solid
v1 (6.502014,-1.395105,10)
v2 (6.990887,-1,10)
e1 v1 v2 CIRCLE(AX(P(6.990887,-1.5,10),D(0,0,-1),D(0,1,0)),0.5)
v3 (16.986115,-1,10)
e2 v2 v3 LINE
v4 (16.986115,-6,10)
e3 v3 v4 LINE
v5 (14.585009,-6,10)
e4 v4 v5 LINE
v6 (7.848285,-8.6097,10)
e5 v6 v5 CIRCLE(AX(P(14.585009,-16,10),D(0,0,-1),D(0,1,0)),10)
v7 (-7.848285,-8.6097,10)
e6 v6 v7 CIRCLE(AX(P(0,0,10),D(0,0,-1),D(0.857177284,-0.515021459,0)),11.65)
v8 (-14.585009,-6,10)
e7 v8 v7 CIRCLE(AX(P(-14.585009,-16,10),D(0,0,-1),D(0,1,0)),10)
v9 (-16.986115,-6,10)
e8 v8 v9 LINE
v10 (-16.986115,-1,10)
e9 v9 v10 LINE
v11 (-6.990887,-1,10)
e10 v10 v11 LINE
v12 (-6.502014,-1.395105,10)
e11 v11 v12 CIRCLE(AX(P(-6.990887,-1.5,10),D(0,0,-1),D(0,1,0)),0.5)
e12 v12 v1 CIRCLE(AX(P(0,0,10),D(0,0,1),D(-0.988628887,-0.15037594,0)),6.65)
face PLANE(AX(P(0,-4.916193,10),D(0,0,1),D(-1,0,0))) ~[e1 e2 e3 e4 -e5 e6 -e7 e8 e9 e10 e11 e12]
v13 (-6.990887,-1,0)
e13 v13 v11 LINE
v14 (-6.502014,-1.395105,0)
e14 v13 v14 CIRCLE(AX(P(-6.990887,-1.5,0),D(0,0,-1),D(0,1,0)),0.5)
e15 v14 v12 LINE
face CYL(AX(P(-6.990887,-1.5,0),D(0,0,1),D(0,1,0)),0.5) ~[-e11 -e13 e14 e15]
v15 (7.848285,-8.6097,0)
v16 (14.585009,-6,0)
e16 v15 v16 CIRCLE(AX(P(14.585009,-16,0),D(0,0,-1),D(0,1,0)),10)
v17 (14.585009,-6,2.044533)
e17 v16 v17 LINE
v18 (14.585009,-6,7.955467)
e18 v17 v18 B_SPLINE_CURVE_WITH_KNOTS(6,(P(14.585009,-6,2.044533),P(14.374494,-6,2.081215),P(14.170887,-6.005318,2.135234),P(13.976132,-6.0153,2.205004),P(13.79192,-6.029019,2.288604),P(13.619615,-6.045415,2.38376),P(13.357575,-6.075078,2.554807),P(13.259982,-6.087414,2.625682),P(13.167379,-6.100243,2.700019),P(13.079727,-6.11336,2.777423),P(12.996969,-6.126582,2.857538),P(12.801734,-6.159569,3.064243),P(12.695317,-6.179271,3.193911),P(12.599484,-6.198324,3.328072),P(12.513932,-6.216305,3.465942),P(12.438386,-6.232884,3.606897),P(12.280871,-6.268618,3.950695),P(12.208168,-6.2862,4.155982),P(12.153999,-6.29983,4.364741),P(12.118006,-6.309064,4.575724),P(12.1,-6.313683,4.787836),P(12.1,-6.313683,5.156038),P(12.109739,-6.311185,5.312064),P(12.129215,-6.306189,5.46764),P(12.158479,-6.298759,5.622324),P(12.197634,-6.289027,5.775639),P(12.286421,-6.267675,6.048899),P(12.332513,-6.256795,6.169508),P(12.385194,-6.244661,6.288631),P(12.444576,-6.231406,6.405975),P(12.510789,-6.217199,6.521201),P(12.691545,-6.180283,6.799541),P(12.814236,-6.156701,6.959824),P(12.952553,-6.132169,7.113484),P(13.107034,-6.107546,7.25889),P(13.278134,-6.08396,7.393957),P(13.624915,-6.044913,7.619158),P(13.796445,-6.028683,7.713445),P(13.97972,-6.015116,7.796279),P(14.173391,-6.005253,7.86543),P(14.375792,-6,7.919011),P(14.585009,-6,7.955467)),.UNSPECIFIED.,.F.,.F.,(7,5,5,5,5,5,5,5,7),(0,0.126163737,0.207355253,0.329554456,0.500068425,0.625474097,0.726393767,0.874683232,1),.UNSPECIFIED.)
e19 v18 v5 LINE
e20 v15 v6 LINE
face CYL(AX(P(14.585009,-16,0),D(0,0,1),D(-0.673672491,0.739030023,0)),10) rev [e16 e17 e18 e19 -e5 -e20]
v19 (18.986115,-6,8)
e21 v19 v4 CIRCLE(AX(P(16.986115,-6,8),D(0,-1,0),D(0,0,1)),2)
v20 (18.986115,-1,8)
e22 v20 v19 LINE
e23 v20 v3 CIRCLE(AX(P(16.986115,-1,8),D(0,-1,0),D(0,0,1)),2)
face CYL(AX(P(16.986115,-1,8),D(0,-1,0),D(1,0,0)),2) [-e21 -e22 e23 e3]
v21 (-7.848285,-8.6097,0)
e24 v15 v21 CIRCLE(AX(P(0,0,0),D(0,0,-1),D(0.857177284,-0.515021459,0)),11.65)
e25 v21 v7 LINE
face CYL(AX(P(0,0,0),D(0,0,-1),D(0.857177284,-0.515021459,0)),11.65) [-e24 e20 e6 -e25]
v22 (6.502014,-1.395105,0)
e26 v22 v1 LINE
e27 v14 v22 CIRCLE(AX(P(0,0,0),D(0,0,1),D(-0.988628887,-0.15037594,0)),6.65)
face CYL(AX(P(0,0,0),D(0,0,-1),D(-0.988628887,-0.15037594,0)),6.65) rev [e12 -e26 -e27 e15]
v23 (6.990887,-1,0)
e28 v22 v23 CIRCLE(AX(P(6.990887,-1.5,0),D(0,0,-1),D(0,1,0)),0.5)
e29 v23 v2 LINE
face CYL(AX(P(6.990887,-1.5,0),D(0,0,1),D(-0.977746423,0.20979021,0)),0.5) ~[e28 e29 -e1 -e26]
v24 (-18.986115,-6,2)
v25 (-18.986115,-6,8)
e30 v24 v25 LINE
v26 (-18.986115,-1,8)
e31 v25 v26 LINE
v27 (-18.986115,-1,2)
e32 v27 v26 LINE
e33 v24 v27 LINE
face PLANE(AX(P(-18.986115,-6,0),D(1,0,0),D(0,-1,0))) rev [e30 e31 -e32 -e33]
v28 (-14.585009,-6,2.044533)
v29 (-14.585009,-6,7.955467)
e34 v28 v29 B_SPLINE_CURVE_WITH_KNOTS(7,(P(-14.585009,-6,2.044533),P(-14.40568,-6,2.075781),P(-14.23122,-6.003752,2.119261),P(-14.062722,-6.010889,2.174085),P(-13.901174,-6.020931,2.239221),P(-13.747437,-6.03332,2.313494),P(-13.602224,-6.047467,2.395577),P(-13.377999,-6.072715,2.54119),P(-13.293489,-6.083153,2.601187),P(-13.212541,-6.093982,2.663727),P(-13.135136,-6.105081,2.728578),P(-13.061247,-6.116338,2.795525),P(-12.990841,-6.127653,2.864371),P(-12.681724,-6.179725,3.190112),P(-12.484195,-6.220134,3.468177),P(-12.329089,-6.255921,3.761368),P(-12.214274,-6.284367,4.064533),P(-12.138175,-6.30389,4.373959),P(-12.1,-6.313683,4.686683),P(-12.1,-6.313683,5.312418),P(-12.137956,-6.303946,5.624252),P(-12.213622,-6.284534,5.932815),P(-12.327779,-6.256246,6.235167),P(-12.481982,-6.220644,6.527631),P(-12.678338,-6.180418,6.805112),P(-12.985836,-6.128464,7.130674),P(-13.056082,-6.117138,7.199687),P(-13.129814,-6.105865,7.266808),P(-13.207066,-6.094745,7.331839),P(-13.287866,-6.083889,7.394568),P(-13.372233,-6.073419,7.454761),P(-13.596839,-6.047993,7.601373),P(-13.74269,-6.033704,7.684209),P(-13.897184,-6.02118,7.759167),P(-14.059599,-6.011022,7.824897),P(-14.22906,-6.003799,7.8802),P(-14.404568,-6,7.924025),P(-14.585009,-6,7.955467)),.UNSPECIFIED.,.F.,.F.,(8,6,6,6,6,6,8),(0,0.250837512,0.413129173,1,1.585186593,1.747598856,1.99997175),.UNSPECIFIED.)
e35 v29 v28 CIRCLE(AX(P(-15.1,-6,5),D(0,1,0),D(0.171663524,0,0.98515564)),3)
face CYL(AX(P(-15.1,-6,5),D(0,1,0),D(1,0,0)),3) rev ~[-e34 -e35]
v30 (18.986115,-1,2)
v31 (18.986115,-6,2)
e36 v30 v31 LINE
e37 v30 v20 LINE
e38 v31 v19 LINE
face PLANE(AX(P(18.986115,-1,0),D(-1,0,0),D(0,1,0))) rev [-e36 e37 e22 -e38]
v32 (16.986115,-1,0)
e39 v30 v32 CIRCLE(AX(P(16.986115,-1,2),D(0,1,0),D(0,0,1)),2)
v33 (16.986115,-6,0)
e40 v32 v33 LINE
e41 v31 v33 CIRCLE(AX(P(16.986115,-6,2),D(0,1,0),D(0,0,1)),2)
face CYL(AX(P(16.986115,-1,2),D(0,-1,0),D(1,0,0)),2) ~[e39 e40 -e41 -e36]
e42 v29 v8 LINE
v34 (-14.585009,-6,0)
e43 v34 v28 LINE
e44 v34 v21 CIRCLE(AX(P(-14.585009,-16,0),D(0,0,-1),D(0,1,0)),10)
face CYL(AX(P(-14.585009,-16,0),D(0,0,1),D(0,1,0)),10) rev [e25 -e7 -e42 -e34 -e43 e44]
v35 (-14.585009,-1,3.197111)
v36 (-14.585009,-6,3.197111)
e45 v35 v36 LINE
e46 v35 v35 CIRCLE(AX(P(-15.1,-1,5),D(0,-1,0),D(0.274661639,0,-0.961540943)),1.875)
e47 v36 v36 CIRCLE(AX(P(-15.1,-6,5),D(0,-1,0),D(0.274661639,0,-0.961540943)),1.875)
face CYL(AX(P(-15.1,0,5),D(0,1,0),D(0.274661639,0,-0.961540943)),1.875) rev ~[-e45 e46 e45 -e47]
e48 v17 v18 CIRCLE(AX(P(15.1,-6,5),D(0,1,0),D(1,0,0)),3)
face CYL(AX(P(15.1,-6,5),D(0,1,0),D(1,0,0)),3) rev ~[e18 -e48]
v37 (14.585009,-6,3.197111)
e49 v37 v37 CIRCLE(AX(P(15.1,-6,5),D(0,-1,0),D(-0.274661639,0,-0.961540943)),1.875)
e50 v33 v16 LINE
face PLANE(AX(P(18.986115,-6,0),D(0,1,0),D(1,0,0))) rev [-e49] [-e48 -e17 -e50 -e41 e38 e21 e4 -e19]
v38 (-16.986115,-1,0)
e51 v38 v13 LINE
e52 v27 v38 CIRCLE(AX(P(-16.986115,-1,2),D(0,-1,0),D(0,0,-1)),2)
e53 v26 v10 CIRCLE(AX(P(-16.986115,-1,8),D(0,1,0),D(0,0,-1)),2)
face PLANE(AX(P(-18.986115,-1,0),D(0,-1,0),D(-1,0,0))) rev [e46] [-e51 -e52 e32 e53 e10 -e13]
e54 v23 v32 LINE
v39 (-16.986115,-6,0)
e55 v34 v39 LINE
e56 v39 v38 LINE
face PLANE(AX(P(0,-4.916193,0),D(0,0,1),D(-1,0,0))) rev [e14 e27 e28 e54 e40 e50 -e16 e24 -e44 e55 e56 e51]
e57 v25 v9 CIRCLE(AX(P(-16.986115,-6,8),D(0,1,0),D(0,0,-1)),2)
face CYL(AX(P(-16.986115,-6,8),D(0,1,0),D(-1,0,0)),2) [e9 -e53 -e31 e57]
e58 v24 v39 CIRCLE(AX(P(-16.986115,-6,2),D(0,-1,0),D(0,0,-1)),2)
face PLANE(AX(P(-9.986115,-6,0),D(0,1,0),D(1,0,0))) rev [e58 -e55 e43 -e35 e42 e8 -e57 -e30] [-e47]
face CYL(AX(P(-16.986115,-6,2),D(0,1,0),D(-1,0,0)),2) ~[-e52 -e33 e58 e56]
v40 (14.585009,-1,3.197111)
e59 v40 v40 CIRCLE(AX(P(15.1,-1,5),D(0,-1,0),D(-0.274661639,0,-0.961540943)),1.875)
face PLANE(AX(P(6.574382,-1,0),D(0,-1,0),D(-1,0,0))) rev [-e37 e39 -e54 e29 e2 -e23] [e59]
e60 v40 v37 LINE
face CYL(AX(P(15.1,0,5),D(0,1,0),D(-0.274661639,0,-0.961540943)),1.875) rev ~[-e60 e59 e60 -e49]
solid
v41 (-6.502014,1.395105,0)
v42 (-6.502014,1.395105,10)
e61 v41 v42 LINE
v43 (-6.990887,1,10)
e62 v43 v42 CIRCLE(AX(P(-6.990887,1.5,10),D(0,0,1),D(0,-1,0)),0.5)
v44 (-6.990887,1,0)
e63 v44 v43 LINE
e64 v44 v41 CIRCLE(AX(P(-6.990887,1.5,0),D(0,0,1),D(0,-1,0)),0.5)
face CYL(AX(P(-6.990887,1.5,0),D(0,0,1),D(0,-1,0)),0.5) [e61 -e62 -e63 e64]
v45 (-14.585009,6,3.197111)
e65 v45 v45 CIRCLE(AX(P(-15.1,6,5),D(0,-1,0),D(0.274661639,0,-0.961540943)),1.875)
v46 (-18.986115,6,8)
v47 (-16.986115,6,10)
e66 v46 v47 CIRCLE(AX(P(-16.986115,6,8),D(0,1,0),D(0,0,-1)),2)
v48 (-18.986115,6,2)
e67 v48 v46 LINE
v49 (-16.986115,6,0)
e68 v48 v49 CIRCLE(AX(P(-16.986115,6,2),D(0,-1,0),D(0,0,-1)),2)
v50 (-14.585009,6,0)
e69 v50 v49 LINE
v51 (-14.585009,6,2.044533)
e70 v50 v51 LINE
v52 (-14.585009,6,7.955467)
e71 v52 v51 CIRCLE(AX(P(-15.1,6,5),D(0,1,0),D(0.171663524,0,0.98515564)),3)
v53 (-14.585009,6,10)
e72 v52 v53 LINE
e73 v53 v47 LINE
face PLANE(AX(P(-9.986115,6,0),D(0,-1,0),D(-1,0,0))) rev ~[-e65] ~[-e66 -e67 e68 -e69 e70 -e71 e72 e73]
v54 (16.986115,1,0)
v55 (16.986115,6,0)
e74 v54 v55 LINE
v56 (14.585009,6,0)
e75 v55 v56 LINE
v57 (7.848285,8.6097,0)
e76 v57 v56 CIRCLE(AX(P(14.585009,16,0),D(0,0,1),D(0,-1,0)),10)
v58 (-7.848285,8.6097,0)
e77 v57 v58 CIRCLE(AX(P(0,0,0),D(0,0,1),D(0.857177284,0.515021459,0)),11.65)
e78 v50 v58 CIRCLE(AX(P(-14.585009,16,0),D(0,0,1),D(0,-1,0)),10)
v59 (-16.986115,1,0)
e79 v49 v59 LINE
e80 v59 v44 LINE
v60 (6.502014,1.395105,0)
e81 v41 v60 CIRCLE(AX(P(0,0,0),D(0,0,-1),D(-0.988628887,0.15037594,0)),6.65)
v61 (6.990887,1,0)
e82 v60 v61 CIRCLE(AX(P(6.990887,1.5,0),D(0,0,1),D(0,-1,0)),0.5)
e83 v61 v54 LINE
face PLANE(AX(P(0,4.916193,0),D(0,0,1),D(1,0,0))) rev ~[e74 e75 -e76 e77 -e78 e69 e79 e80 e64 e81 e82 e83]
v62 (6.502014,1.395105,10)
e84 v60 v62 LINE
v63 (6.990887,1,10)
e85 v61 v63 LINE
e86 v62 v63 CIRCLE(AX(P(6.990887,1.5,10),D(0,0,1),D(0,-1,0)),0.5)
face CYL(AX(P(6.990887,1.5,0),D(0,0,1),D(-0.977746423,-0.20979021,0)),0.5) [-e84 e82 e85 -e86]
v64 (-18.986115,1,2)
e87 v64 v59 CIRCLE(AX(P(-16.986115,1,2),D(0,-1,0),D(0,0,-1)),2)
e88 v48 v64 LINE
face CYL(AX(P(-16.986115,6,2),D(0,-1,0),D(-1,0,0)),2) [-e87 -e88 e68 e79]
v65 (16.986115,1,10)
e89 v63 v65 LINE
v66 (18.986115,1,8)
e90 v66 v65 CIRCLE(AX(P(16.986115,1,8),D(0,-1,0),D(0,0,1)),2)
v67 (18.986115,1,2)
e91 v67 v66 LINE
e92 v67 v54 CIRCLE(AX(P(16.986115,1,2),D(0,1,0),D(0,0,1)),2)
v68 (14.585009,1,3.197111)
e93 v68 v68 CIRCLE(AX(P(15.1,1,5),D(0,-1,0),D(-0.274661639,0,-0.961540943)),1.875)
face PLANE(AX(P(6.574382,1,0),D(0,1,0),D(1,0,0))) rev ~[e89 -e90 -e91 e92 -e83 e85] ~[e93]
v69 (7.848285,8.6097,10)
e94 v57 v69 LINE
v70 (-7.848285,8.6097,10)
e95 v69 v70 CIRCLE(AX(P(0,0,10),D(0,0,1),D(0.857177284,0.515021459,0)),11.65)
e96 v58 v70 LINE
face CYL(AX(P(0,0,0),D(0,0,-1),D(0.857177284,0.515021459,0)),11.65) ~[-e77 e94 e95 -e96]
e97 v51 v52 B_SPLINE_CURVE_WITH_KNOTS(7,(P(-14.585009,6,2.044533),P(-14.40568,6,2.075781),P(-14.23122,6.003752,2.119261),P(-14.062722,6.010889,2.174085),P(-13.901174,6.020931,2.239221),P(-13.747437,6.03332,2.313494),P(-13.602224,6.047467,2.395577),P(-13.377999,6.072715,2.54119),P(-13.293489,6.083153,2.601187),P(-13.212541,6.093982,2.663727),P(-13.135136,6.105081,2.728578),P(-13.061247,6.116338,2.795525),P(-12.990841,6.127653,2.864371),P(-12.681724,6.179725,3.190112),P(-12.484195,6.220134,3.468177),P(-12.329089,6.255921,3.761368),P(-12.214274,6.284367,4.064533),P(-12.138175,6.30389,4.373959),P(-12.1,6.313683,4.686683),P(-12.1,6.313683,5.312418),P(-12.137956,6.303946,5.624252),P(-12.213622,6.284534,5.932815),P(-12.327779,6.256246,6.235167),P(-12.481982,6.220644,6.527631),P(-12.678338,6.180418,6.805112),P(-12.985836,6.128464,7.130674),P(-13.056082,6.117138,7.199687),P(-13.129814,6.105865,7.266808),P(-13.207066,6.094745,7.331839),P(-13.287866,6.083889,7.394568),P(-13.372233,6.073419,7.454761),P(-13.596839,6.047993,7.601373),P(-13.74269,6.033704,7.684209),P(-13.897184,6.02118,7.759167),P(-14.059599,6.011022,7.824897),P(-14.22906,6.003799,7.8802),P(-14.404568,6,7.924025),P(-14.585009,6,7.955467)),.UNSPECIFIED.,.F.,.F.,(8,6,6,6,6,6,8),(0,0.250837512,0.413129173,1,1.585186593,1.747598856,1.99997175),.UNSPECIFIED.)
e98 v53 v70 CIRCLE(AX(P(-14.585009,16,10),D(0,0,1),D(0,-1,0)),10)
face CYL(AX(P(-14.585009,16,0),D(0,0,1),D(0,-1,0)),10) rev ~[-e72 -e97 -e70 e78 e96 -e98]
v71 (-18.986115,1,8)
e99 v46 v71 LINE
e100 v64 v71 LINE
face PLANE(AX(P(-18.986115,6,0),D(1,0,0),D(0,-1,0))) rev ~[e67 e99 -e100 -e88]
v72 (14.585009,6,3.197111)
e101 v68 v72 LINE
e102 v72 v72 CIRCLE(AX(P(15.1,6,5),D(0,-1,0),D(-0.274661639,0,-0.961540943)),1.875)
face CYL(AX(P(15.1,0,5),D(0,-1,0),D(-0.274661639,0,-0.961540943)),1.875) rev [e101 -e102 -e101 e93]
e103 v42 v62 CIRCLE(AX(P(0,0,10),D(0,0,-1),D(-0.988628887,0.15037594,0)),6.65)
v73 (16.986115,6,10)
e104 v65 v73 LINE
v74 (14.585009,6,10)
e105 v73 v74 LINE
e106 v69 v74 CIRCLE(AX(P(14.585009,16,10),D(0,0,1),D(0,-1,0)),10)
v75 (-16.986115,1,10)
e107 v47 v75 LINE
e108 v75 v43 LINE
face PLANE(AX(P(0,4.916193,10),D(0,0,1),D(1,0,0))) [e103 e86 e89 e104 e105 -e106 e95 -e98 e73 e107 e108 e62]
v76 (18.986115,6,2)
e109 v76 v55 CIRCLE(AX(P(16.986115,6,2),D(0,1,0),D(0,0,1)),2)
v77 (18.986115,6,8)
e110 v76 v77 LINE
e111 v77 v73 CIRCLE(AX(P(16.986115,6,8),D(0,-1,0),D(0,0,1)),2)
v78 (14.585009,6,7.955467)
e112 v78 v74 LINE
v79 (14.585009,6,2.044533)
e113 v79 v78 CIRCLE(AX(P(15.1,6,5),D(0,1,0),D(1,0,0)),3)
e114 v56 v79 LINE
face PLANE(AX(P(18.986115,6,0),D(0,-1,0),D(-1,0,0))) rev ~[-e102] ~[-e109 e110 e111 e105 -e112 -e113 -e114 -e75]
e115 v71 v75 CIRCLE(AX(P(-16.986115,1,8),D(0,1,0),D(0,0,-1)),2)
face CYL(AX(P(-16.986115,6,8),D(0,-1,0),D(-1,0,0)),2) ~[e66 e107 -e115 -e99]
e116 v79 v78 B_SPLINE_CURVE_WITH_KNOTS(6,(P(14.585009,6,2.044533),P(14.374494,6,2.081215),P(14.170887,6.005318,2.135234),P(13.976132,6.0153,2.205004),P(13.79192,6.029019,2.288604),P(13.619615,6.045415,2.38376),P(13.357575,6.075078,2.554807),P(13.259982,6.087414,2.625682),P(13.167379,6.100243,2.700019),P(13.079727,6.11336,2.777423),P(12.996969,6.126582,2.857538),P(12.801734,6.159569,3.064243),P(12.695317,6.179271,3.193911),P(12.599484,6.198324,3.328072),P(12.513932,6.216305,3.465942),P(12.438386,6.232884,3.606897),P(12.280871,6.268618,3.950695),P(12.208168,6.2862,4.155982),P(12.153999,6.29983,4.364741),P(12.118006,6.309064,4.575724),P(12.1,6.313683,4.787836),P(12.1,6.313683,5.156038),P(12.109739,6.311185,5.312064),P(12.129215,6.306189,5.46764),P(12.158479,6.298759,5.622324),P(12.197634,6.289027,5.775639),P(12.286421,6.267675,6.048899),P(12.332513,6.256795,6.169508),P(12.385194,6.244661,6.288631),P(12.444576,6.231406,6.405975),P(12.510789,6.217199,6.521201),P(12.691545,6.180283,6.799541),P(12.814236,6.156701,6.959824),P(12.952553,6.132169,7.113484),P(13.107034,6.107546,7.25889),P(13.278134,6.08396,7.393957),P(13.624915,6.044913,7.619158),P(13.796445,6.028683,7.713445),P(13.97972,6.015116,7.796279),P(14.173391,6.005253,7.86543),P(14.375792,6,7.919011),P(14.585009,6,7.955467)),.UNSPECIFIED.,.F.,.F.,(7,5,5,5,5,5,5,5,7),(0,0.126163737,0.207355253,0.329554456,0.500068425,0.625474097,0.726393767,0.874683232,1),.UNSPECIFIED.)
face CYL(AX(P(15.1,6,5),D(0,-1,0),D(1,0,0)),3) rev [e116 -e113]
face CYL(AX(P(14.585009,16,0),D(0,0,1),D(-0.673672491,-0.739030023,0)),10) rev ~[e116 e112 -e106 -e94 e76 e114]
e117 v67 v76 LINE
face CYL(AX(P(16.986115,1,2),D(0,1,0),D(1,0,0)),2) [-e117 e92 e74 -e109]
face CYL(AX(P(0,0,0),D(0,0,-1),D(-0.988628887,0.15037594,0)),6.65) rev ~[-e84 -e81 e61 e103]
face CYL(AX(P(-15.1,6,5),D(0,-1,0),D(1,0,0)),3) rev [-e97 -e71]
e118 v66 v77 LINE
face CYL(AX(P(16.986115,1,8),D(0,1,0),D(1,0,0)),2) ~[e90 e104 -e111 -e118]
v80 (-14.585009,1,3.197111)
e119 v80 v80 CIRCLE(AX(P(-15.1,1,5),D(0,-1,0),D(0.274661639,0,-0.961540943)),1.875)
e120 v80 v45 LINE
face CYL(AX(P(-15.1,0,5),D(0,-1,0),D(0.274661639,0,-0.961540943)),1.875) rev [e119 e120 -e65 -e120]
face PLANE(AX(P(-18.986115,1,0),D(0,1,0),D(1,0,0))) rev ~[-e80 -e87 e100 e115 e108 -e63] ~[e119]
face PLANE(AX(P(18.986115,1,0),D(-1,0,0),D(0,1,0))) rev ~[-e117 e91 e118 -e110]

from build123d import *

# Parameters (mm, degrees)
BOSS_EXTRUDE1_DEPTH = 10
FILLET1_R           = 2
FILLET3_R           = 0.5
FILLET4_R           = 10
SKETCH2_R           = 1.875
CUT_EXTRUDE1_DEPTH  = 25.417106227
CUT_EXTRUDE2_START  = 6
SKETCH3_R           = 3
CUT_EXTRUDE2_DEPTH  = 10


with BuildPart() as part:
    # Sketch1 → Boss-Extrude1 (new body)
    with BuildSketch(Plane.XY):
        with BuildLine():
            Line((-18.986115361, 1), (-6.5743821, 1))
            ThreePointArc((-6.5743821, 1), (0, 6.65), (6.5743821, 1))
            Line((6.5743821, 1), (18.986115361, 1))
            Line((18.986115361, 1), (18.986115361, 6))
            Line((18.986115361, 6), (9.986115361, 6))
            ThreePointArc((9.986115361, 6), (0, 11.65), (-9.986115361, 6))
            Line((-9.986115361, 6), (-18.986115361, 6))
            Line((-18.986115361, 6), (-18.986115361, 1))
        make_face()
    extrude(amount=BOSS_EXTRUDE1_DEPTH)

    # Fillet1
    fillet1_edges = [part.edges().sort_by_distance(p)[0] for p in [
        (-18.986115361, 3.5, 0),
        (18.986115361, 3.5, 10),
        (-18.986115361, 3.5, 10),
        (18.986115361, 3.5, 0),
    ]]
    fillet(fillet1_edges, radius=FILLET1_R)

    # Fillet3
    fillet3_edges = [part.edges().sort_by_distance(p)[0] for p in [
        (6.5743821, 1, 5),
        (-6.5743821, 1, 5),
    ]]
    fillet(fillet3_edges, radius=FILLET3_R)

    # Fillet4
    fillet4_edges = [part.edges().sort_by_distance(p)[0] for p in [
        (-9.986115361, 6, 5),
        (9.986115361, 6, 5),
    ]]
    fillet(fillet4_edges, radius=FILLET4_R)

    # Sketch2 → Cut-Extrude1 (cut, through all)
    with BuildSketch(Plane(origin=(0, 0, 0), x_dir=(1, 0, 0), z_dir=(0, 1, 0))):
        with Locations(Location((-15.1, -5, 0), (0, 0, 74.058148942))):
            Circle(SKETCH2_R)
        with Locations(Location((15.1, -5, 0), (0, 0, 105.941851061))):
            Circle(SKETCH2_R)
    extrude(amount=CUT_EXTRUDE1_DEPTH, mode=Mode.SUBTRACT)

    # Sketch3 → Cut-Extrude2 (cut)
    with BuildSketch(Plane(origin=(0, 0, 0), x_dir=(1, 0, 0), z_dir=(0, 1, 0)).offset(CUT_EXTRUDE2_START)):
        with Locations((-15.1, -5)):
            Circle(SKETCH3_R)
        with Locations((15.1, -5)):
            Circle(SKETCH3_R)
    extrude(amount=CUT_EXTRUDE2_DEPTH, mode=Mode.SUBTRACT)


with BuildPart() as body_2:
    # Mirror3: mirrored copy
    add(part.part.mirror(Plane.ZX))


solid = Compound([part.part, body_2.part])
